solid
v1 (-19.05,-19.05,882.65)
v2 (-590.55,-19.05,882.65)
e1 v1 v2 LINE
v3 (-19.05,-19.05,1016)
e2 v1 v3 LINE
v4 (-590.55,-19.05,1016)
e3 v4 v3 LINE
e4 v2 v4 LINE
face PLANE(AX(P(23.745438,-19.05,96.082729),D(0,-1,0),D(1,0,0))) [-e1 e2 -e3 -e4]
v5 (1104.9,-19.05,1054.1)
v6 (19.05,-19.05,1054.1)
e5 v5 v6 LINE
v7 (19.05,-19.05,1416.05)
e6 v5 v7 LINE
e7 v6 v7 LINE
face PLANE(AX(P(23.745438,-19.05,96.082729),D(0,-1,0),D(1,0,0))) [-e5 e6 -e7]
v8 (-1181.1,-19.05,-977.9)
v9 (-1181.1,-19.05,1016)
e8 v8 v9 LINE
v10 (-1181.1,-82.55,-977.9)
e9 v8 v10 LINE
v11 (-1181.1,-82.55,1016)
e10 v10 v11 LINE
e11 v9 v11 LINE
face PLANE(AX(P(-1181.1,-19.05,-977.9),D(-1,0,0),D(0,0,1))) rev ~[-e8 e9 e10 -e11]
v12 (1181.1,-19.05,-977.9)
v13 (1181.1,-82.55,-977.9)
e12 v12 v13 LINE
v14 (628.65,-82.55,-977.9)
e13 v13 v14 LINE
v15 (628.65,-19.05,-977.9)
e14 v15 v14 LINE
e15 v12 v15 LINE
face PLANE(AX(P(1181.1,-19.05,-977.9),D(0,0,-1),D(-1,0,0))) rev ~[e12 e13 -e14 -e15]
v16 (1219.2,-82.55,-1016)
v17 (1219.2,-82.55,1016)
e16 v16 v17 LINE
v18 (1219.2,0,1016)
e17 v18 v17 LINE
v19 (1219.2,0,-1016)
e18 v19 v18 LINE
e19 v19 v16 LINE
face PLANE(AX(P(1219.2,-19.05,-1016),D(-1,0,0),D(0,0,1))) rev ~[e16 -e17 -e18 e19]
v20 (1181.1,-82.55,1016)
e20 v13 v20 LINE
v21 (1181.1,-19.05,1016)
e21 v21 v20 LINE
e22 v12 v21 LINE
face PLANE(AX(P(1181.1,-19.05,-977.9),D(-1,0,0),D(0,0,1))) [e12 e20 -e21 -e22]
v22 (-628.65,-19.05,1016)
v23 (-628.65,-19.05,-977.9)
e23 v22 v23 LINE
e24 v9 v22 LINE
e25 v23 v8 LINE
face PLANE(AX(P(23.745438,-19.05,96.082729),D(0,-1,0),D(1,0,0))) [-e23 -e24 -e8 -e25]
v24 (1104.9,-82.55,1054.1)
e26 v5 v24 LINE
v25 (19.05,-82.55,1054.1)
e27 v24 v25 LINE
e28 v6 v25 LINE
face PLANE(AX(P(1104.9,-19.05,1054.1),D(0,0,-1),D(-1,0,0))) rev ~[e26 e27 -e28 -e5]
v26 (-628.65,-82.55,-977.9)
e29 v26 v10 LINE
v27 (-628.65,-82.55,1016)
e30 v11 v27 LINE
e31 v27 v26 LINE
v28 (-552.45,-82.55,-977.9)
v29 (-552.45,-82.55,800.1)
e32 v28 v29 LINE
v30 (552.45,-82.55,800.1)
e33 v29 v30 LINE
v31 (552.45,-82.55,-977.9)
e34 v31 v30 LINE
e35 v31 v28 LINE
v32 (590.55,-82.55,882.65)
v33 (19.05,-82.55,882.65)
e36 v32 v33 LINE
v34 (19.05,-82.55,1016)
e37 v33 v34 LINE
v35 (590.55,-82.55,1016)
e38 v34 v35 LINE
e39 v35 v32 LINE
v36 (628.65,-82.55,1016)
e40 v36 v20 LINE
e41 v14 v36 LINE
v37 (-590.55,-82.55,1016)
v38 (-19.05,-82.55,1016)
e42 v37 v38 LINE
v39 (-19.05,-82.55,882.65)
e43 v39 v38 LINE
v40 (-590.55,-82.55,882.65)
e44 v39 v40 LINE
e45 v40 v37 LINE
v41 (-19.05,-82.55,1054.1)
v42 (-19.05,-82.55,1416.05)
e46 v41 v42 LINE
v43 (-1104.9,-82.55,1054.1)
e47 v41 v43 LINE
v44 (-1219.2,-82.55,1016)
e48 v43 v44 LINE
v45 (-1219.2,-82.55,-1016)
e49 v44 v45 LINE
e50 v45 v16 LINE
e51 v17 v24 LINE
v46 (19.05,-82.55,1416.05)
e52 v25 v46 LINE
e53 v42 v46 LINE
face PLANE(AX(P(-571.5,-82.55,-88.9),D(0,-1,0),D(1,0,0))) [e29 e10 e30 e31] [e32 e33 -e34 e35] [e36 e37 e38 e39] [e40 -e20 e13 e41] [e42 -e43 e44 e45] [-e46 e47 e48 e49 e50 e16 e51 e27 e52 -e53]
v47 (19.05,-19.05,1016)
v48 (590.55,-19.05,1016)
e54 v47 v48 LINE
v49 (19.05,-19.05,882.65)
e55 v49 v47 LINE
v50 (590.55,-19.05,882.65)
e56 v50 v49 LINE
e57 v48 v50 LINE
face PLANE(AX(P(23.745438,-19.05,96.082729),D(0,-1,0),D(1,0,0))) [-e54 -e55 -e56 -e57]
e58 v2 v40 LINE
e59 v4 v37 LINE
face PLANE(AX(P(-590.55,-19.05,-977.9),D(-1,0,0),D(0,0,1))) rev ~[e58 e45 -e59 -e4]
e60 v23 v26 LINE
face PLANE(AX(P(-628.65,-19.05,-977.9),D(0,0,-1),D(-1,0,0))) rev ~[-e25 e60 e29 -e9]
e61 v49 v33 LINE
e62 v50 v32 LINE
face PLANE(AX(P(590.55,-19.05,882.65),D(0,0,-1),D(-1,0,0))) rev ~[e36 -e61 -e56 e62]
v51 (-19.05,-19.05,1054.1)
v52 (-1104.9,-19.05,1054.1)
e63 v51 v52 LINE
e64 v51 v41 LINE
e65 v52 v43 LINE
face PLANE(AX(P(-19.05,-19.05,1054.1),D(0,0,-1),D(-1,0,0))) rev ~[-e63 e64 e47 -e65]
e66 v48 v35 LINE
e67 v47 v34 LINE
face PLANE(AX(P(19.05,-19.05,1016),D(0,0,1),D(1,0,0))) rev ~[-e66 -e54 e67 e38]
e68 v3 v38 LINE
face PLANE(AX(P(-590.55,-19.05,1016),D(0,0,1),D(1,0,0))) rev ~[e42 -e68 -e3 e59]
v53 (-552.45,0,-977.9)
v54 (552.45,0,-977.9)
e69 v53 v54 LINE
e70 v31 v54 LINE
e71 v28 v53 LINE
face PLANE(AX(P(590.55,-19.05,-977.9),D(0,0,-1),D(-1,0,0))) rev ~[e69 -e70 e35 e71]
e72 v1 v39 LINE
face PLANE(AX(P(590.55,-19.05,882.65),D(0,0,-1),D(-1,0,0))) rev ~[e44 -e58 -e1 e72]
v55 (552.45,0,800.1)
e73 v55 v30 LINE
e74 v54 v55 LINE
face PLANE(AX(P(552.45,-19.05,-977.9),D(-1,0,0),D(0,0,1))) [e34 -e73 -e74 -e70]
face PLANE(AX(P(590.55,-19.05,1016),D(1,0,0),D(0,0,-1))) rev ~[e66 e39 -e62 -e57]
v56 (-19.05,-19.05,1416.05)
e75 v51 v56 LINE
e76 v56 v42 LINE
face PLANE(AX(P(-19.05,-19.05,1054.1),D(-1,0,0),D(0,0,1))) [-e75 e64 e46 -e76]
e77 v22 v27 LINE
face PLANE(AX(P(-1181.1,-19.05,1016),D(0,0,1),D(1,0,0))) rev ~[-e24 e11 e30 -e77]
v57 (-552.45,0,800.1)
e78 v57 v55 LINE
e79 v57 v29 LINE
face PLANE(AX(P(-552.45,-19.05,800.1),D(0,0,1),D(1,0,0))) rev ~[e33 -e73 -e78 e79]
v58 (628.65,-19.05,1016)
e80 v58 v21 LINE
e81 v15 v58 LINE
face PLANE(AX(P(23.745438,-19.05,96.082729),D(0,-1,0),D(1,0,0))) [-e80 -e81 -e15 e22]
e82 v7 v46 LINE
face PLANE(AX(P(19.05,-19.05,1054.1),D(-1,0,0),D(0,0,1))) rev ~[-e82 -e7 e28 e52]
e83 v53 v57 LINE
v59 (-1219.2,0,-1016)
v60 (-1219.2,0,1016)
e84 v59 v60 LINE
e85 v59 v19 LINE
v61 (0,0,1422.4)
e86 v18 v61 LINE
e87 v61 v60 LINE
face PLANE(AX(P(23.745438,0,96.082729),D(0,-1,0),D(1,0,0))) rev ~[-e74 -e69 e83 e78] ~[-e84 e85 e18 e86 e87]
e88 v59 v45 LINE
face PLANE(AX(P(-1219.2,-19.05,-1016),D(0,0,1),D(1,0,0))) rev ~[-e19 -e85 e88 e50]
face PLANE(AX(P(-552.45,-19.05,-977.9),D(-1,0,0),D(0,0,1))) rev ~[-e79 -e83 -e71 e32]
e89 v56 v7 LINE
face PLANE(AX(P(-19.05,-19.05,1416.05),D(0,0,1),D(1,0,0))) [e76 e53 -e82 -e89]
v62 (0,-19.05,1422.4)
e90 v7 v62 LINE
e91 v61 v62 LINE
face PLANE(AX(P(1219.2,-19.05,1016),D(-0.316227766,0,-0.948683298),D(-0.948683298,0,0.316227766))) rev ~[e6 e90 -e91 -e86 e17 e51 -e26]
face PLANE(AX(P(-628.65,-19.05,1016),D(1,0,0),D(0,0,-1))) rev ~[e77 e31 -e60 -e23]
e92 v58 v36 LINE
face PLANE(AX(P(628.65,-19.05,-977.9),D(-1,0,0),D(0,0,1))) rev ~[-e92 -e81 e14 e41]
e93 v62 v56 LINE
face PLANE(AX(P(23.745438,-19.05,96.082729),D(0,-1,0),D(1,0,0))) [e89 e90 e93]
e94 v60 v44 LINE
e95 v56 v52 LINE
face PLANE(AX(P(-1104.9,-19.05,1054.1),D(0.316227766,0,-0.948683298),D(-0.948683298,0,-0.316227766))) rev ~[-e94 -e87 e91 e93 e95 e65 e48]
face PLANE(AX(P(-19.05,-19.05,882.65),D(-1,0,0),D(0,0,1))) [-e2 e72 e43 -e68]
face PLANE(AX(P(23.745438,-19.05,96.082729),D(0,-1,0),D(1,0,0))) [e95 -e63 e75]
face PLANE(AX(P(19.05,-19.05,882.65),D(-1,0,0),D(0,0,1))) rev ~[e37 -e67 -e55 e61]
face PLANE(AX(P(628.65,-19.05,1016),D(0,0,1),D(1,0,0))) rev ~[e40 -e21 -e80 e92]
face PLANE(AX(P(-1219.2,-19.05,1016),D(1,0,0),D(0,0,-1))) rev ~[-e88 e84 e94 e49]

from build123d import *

# Parameters (mm, degrees)
F0_W     = 106.02127
F0_H     = 2032
F1_DEPTH = 19.05
F2_W     = 38.1
F2_H     = 361.95
F2_H_2   = 133.35
F2_H_3   = 1993.9
F3_DEPTH = 63.5
F2_H_4   = 1778
F2_W_2   = 1181.1
F2_H_5   = 6.35
F4_DEPTH = 63.5
F2_W_3   = 1104.9
F5_DEPTH = 19.05


with BuildPart() as f1:
    # F0 (on Front) → F1 (new body)
    with BuildSketch(Plane.XZ):
        Polygon((-1113.17873, -1016), (1219.2, -1016), (1219.2, 1016), (0, 1422.4), (-1219.2, 1016), (-1113.17873, 1016), align=None)
        with Locations((-1166.189365, 0)):
            Rectangle(F0_W, F0_H)
    extrude(amount=F1_DEPTH)

    # F2 (on face) → F3 (join)
    with BuildSketch(Plane.XZ.offset(19.05)):
        with Locations((0, 1235.075)):
            Rectangle(F2_W, F2_H)
        Polygon((-1104.9, 1054.1), (-1219.2, 1016), (-1181.1, 1016), (-628.65, 1016), (-590.55, 1016), (-19.05, 1016), (19.05, 1016), (590.55, 1016), (628.65, 1016), (1181.1, 1016), (1219.2, 1016), (1104.9, 1054.1), (19.05, 1054.1), (-19.05, 1054.1), align=None)
        with Locations((0, 949.325)):
            Rectangle(F2_W, F2_H_2)
        Polygon((-590.55, 1016), (-628.65, 1016), (-628.65, -977.9), (-590.55, -977.9), (-590.55, 800.1), (-590.55, 838.2), (-590.55, 844.55), (-590.55, 882.65), align=None)
        Polygon((628.65, 1016), (590.55, 1016), (590.55, 882.65), (590.55, 844.55), (590.55, 838.2), (590.55, 800.1), (590.55, -977.9), (628.65, -977.9), align=None)
        with Locations((1200.15, 19.05)):
            Rectangle(F2_W, F2_H_3)
        with Locations((-1200.15, 19.05)):
            Rectangle(F2_W, F2_H_3)
        Polygon((-1181.1, -977.9), (-1219.2, -977.9), (-1219.2, -1016), (-609.6, -1016), (-590.55, -1016), (1219.2, -1016), (1219.2, -977.9), (1181.1, -977.9), (628.65, -977.9), (590.55, -977.9), (552.45, -977.9), (-552.45, -977.9), (-590.55, -977.9), (-628.65, -977.9), align=None)
    extrude(amount=F3_DEPTH)

    # F2 (on face) → F4 (join)
    with BuildSketch(Plane.XZ.offset(19.05)):
        with Locations((-571.5, -88.9)):
            Rectangle(F2_W, F2_H_4)
        with Locations((571.5, -88.9)):
            Rectangle(F2_W, F2_H_4)
        Polygon((-19.05, 882.65), (-590.55, 882.65), (-590.55, 844.55), (590.55, 844.55), (590.55, 882.65), (19.05, 882.65), align=None)
        Polygon((-590.55, 838.2), (-590.55, 800.1), (-552.45, 800.1), (552.45, 800.1), (590.55, 800.1), (590.55, 838.2), align=None)
        with Locations((0, 841.375)):
            Rectangle(F2_W_2, F2_H_5)
    extrude(amount=F4_DEPTH)

    # F2 (on face) → F5 (cut, through all)
    with BuildSketch(Plane.XZ.offset(19.05)):
        with Locations((0, -88.9)):
            Rectangle(F2_W_3, F2_H_4)
    extrude(amount=-F5_DEPTH, mode=Mode.SUBTRACT)


solid = f1.part
